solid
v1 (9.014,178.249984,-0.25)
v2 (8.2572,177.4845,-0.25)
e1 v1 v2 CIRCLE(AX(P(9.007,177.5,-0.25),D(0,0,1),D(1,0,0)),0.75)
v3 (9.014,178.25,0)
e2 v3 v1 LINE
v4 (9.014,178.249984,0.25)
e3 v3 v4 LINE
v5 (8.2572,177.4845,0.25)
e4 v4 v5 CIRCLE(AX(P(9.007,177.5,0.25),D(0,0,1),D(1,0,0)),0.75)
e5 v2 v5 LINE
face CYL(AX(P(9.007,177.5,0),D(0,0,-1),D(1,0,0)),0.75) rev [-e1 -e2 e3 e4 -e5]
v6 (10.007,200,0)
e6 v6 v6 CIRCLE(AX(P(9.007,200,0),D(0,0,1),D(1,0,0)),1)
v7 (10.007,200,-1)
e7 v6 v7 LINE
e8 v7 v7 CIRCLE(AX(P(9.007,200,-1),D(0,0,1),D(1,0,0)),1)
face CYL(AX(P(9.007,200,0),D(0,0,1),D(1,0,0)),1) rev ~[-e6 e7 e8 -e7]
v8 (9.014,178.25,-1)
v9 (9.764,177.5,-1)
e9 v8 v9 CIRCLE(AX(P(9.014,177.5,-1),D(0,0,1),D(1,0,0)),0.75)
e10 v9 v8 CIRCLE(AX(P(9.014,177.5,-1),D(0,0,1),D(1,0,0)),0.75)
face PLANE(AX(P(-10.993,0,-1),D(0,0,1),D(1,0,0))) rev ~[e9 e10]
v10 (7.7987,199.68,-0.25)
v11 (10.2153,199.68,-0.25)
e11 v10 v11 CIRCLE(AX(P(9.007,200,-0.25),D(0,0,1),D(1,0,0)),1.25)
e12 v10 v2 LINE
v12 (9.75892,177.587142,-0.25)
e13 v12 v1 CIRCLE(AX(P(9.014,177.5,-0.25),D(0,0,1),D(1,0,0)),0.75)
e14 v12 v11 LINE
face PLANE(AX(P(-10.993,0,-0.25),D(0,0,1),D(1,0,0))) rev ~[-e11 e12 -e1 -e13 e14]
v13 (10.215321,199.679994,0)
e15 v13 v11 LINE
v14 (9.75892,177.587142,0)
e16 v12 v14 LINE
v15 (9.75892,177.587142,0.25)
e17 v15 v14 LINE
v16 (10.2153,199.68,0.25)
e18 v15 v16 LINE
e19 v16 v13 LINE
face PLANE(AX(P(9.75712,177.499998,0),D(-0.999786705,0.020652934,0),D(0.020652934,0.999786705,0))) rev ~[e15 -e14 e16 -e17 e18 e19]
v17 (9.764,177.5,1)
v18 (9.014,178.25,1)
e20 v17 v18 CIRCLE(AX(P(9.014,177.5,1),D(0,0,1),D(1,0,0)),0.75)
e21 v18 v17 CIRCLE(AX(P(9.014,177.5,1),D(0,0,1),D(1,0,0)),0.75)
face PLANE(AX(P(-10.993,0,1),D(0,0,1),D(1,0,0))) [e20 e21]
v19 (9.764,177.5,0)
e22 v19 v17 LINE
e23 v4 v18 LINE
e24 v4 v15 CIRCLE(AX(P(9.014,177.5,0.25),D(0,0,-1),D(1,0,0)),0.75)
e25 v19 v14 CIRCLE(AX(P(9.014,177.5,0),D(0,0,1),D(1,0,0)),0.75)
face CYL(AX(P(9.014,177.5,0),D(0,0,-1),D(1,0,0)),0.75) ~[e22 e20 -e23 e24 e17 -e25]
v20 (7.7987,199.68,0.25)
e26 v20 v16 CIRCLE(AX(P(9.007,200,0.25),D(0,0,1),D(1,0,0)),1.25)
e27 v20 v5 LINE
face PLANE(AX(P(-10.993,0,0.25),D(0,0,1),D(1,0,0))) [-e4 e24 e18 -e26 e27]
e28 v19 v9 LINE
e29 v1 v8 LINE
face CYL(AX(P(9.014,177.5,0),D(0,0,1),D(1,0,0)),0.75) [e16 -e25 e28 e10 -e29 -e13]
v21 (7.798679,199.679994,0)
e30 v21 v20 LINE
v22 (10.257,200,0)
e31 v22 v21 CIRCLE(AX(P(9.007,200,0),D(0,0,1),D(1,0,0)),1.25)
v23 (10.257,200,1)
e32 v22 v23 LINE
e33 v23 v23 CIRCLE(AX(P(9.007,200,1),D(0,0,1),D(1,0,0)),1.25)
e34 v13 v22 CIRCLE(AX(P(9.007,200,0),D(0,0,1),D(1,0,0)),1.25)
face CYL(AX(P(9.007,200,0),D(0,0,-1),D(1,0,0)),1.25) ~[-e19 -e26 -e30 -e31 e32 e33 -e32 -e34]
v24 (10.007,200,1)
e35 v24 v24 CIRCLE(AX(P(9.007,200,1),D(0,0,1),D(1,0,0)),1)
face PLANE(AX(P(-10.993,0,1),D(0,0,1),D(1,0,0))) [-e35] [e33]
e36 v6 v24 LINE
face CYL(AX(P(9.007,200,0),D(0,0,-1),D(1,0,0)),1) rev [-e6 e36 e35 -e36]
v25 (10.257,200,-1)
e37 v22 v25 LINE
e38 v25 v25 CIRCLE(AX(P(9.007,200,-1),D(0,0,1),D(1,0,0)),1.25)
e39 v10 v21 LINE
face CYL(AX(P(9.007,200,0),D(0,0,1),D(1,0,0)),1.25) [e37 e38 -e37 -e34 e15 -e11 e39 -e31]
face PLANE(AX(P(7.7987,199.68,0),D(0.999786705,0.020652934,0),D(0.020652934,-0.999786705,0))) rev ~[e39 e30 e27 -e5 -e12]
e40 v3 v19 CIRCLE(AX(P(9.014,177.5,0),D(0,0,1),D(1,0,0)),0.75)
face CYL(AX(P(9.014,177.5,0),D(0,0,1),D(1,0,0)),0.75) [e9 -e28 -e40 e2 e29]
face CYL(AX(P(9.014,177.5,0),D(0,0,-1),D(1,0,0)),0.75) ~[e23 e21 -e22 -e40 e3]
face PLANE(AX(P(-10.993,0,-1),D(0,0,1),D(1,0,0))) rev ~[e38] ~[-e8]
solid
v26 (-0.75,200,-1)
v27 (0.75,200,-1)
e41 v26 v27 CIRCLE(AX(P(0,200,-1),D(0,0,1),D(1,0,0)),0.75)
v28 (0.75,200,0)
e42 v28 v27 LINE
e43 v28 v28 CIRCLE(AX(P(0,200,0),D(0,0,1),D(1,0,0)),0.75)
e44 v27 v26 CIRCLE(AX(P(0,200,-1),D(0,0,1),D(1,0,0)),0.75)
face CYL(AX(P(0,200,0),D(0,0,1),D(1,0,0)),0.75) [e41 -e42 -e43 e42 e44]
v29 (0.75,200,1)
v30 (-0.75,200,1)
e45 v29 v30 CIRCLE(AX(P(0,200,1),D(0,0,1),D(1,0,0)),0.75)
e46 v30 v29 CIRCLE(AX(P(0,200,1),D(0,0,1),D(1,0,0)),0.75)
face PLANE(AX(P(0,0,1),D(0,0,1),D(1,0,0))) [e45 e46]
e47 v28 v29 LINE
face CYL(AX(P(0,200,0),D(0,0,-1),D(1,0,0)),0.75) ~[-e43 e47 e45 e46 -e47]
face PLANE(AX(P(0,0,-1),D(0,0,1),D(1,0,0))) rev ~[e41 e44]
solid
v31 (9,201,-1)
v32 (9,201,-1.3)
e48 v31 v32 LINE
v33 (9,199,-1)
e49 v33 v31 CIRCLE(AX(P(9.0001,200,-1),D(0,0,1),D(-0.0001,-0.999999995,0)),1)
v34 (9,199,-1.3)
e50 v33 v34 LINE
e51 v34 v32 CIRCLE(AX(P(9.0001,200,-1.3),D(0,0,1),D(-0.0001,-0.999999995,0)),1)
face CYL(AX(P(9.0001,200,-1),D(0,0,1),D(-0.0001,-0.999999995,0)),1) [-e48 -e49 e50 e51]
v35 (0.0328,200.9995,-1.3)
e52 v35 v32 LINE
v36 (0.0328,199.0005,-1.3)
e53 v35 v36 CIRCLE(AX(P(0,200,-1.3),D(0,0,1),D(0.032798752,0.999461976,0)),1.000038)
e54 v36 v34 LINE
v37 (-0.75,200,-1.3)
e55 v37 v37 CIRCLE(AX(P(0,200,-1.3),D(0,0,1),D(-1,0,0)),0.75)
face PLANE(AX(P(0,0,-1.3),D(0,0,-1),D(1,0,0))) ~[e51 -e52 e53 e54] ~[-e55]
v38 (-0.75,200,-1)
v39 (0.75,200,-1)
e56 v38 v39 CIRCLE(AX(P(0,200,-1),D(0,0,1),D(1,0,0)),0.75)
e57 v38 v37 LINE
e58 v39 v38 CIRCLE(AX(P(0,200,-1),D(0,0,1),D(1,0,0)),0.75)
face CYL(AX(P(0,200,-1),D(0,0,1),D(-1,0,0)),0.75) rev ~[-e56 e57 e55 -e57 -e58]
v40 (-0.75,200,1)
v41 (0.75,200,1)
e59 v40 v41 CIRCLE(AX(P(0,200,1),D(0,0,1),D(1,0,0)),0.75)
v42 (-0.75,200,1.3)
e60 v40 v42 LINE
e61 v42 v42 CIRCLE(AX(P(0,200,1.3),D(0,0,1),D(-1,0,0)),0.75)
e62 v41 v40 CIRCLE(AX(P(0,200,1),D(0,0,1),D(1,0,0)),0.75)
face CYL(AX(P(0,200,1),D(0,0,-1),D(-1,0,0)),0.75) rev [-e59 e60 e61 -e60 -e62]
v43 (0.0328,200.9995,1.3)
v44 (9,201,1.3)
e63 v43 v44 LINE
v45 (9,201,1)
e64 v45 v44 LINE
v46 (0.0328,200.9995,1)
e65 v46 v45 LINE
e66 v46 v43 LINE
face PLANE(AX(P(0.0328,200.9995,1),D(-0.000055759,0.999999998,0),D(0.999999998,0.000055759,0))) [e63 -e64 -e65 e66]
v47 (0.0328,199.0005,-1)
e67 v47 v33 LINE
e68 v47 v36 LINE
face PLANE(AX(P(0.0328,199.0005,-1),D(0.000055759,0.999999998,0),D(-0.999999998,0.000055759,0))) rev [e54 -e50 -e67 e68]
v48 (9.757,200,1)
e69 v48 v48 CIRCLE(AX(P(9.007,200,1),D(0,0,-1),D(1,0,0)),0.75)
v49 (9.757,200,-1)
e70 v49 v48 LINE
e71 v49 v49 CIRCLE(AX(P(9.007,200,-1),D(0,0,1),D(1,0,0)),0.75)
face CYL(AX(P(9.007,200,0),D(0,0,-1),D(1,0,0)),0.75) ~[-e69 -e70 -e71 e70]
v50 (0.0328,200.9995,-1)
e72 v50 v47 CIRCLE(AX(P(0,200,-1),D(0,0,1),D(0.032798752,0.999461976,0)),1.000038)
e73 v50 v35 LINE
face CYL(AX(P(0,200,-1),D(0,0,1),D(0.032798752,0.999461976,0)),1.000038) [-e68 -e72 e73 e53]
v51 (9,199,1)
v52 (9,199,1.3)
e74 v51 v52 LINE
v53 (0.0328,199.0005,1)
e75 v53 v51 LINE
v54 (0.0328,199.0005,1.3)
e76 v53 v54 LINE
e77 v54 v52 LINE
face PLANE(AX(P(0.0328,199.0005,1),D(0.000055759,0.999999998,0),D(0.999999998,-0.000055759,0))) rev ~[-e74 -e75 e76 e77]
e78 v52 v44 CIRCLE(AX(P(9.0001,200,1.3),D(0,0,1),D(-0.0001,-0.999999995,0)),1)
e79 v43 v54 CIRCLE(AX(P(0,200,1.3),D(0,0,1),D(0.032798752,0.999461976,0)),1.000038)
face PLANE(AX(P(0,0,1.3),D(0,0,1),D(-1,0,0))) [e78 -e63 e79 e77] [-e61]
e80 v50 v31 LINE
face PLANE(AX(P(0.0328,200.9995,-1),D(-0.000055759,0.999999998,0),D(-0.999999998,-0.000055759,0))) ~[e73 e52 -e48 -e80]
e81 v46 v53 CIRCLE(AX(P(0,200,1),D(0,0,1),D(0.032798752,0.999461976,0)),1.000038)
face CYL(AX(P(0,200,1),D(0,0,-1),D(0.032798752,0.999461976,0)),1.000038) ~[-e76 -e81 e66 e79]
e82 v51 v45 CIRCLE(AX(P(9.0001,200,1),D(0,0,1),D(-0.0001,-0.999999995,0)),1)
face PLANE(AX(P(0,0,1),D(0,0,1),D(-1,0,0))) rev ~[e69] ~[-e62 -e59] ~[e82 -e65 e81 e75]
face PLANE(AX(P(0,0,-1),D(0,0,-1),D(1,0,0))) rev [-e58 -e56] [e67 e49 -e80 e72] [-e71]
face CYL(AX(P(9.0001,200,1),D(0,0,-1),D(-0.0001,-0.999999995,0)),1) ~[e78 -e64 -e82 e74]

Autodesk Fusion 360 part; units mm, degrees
sketch "草图1" plane through (0, 0, 0) normal (0, 0, 1) x (1, 0, 0)
  circle A0 centre (0, 200) radius 0.75
  line L0 (0, 200) -> (9.007, 200)
  circle A1 centre (9.007, 200) radius 0.75
  dimension "d1" = 1.5
  dimension "d3" = 9.007
  dimension "d5" = 1.5
extrude "拉伸1" add sketch "草图1" along normal mid plane 2 makes body 1 at (-0.64, 199.6089, 0.6667) makes body 2 at (9.6657, 200.3587, -0.3333)
sketch "草图2" plane through (0, 0, 1) normal (0, 0, 1) x (-1, 0, 0)
  circle A0 centre (0, -200) radius 0.75
  line L0 (-0.0328, -200.9995) -> (-9, -201)
  line L1 (-0.0328, -199.0005) -> (-9, -199)
  arc A1 (-0.0328, -200.9995) -> (-0.0328, -199.0005) centre (0, -200) ccw
  arc A2 (-9, -199) -> (-9, -201) centre (-9.0001, -200) ccw
  dimension "d8" = 2
  dimension "d9" = 2
extrude "拉伸2" add sketch "草图2" along normal blind 0.3 bodies 2 1
mirror "镜像1" about plane through (0, 0, 0) normal (0, 0, 1) of "拉伸2"
copy_body "实体->零部件1" bodies 2 removing the originals makes body 3 in component "Component"
sketch "草图3" plane through (0, 0, 1.3) normal (0, 0, 1) x (-1, 0, 0)
  circle A0 centre (0, -200) radius 0.75
  arc A1 (-0.0328, -200.9995) -> (-0.0328, -199.0005) centre (0, -200) ccw
  line L0 (-0.0328, -199.0005) -> (-9, -199)
  arc A2 (-9, -199) -> (-9, -201) centre (-9.0001, -200) ccw
  line L1 (-9, -201) -> (-0.0328, -200.9995)
  dimension "d14" = 9.0001
sketch "草图4" plane through (0, 0, 0) normal (0, 0, 1) x (1, 0, 0)
  line L0 (20, 200) -> (20.007, 200)
  line L1 (20.007, 200) -> (20.007, 177.5)
  circle A0 centre (20.007, 177.5) radius 0.75
  dimension "d17" = 0.007
  dimension "d18" = 22.5
  dimension "d19" = 1.5
sketch "草图5" plane through (0, 0, 0) normal (0, 0, 1) x (1, 0, 0)
sketch "草图6" plane through (0, 0, 0) normal (0, 0, 1) x (1, 0, 0)
sketch "草图7" plane through (0, 0, 0) normal (0, 0, 1) x (1, 0, 0)
sketch "草图8" plane through (0, 0, 0) normal (0, 0, 1) x (1, 0, 0)
  circle A0 centre (20, 200) radius 1
  circle A1 centre (20, 200) radius 1.25
  dimension "d22" = 2
  dimension "d23" = 2.5
extrude "拉伸3" add sketch "草图4" sketch "草图8" along normal mid plane 2 separate body of sketch 2 makes body 4 at (20.7345, 177.3178, 0.6667) makes body 5 at (21.1746, 199.5725, 0.6667)
sketch "草图9" plane through (0, 0, 0) normal (0, 0, 1) x (1, 0, 0)
  circle A0 centre (20, 200) radius 1.25
  circle A1 centre (20, 177.5) radius 0.75
  line L0 (18.7917, 199.68) -> (19.2502, 177.4845)
  line L1 (20.7498, 177.4845) -> (21.2083, 199.68)
  dimension "d26" = 2.5
  dimension "d27" = 1.5
extrude "拉伸4" add sketch "草图9" along normal mid plane 0.5 contours A0 A1 L0 L1 bodies 4 5
copy_body "实体->零部件2" bodies 4 removing the originals makes body 6 in component "Component'"
component "Component" placed x (1, 0, 0) y (0, 1, 0) z (0, 0, 1) at (0, 0, 0)
component "Component'" placed x (1, 0, 0) y (0, 1, 0) z (0, 0, 1) at (-10.993, 0, 0)
properties part number "connection"
